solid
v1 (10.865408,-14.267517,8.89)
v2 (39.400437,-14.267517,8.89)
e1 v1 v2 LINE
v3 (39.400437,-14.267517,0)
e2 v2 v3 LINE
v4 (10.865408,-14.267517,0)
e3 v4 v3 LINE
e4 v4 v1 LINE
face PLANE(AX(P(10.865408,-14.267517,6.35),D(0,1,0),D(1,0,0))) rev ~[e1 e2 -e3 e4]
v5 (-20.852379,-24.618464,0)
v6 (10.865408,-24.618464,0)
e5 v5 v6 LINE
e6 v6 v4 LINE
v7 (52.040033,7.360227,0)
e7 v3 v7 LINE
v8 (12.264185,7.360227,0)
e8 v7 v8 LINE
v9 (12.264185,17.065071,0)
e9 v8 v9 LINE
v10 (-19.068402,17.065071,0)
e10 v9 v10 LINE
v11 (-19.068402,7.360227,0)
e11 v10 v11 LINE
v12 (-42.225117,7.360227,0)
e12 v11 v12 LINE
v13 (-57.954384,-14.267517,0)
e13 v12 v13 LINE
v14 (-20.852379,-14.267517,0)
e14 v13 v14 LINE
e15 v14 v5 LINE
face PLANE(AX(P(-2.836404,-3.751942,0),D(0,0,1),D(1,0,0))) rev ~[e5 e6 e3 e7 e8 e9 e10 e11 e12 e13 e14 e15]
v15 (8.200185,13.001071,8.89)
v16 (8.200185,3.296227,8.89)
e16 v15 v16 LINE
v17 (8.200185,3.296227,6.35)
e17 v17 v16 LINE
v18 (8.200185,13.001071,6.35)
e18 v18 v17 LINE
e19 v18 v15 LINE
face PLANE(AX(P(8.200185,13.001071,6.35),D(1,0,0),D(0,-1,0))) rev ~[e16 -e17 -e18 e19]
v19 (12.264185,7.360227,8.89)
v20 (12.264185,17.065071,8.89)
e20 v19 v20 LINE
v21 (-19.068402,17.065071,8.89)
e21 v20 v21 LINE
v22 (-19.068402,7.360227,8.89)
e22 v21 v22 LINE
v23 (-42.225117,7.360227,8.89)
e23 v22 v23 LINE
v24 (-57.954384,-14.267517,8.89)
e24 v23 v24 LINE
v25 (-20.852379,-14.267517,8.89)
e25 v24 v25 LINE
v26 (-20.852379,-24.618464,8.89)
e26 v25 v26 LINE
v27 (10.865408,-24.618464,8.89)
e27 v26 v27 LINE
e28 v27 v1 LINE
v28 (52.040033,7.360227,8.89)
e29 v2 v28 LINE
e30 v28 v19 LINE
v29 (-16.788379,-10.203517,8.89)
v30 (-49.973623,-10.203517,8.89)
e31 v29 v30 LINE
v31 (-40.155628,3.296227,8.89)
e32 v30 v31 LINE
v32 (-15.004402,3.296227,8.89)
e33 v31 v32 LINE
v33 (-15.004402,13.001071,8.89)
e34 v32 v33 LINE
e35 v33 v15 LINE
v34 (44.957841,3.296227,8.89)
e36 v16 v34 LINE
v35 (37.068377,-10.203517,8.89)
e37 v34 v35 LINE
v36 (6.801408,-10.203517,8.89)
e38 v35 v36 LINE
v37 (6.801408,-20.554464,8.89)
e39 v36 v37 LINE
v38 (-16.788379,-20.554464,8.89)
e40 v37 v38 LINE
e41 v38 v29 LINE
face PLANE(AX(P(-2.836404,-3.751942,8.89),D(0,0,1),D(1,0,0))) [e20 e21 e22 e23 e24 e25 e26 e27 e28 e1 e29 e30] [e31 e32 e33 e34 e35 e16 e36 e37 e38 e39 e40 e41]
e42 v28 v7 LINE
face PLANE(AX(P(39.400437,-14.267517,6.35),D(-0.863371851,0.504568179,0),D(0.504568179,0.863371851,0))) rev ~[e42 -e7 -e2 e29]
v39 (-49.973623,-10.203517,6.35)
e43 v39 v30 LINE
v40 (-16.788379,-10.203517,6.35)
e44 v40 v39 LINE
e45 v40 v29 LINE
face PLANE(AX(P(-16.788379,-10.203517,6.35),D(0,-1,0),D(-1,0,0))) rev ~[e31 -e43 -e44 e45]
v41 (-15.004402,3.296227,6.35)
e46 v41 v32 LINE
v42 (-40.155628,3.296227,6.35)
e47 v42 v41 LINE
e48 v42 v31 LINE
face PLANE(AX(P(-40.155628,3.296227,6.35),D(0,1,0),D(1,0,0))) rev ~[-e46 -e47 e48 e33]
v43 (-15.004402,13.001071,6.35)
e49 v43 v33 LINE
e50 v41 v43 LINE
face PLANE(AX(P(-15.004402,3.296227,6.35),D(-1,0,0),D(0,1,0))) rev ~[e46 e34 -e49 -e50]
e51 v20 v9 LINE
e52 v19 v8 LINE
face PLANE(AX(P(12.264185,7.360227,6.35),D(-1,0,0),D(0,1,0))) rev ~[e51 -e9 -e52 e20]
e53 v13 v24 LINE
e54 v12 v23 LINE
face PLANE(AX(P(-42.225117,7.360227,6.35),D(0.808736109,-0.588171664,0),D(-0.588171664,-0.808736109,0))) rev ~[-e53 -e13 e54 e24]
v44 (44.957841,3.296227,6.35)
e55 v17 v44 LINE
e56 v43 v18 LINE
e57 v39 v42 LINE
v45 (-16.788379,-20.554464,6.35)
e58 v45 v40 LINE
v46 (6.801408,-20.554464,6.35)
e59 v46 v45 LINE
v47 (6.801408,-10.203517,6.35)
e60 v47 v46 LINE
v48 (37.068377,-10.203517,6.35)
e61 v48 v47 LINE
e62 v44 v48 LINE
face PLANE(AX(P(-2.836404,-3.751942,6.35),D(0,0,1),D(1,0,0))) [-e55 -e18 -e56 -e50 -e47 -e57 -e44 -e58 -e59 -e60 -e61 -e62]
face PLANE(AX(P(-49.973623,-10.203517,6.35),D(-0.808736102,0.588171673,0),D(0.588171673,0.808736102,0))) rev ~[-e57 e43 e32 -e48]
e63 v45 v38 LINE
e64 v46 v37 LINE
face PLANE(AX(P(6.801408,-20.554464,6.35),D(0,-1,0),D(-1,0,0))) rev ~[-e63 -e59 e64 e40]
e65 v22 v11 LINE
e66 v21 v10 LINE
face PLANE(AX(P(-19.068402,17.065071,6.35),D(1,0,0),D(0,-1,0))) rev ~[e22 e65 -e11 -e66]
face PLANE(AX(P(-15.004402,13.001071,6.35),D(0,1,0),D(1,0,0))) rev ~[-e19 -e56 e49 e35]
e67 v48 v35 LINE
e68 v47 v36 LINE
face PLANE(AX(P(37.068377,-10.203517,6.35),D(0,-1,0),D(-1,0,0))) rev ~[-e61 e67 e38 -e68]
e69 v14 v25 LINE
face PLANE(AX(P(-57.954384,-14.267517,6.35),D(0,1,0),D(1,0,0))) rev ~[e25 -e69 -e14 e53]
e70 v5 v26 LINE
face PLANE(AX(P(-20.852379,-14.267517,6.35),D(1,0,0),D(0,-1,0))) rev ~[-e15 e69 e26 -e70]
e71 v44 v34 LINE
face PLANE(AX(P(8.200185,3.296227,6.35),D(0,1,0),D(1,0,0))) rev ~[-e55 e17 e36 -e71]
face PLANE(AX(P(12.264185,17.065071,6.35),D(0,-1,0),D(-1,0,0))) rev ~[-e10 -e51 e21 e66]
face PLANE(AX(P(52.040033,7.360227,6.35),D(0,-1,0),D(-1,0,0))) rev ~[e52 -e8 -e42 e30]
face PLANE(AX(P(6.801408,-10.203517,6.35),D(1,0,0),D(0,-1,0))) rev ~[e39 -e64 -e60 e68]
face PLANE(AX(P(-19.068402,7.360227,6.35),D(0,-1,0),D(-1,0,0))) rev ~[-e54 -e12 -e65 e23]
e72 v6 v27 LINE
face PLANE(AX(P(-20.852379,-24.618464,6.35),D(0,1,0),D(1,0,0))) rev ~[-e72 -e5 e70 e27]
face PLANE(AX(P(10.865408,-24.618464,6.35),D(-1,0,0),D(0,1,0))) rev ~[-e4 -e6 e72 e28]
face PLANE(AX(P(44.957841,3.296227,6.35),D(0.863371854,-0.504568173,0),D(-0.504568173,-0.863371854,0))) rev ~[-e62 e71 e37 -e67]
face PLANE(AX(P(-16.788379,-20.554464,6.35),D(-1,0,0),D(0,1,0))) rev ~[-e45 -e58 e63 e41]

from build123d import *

# Parameters (mm, degrees)
F1_DEPTH = 6.35
F3_DEPTH = 2.54


with BuildPart() as f1:
    # F0 (on Top) → F1 (new body)
    with BuildSketch(Plane.XY):
        Polygon((-19.068402, 7.360227), (-42.225117, 7.360227), (-57.954384, -14.267517), (-20.852379, -14.267517), (-20.852379, -24.618464), (10.865408, -24.618464), (10.865408, -14.267517), (39.400437, -14.267517), (52.040033, 7.360227), (12.264185, 7.360227), (12.264185, 17.065071), (-19.068402, 17.065071), align=None)
    extrude(amount=F1_DEPTH)

    # F2 (on face) → F3 (join)
    with BuildSketch(Plane.XY.offset(6.35)):
        Polygon((-19.068402, 7.360227), (-42.225117, 7.360227), (-57.954384, -14.267517), (-20.852379, -14.267517), (-20.852379, -24.618464), (10.865408, -24.618464), (10.865408, -14.267517), (39.400437, -14.267517), (52.040033, 7.360227), (12.264185, 7.360227), (12.264185, 17.065071), (-19.068402, 17.065071), align=None)
        Polygon((-15.004402, 3.296227), (-15.004402, 13.001071), (8.200185, 13.001071), (8.200185, 3.296227), (44.957841, 3.296227), (37.068377, -10.203517), (6.801408, -10.203517), (6.801408, -20.554464), (-16.788379, -20.554464), (-16.788379, -10.203517), (-49.973623, -10.203517), (-40.155628, 3.296227), align=None, mode=Mode.SUBTRACT)
    extrude(amount=F3_DEPTH)


solid = f1.part
